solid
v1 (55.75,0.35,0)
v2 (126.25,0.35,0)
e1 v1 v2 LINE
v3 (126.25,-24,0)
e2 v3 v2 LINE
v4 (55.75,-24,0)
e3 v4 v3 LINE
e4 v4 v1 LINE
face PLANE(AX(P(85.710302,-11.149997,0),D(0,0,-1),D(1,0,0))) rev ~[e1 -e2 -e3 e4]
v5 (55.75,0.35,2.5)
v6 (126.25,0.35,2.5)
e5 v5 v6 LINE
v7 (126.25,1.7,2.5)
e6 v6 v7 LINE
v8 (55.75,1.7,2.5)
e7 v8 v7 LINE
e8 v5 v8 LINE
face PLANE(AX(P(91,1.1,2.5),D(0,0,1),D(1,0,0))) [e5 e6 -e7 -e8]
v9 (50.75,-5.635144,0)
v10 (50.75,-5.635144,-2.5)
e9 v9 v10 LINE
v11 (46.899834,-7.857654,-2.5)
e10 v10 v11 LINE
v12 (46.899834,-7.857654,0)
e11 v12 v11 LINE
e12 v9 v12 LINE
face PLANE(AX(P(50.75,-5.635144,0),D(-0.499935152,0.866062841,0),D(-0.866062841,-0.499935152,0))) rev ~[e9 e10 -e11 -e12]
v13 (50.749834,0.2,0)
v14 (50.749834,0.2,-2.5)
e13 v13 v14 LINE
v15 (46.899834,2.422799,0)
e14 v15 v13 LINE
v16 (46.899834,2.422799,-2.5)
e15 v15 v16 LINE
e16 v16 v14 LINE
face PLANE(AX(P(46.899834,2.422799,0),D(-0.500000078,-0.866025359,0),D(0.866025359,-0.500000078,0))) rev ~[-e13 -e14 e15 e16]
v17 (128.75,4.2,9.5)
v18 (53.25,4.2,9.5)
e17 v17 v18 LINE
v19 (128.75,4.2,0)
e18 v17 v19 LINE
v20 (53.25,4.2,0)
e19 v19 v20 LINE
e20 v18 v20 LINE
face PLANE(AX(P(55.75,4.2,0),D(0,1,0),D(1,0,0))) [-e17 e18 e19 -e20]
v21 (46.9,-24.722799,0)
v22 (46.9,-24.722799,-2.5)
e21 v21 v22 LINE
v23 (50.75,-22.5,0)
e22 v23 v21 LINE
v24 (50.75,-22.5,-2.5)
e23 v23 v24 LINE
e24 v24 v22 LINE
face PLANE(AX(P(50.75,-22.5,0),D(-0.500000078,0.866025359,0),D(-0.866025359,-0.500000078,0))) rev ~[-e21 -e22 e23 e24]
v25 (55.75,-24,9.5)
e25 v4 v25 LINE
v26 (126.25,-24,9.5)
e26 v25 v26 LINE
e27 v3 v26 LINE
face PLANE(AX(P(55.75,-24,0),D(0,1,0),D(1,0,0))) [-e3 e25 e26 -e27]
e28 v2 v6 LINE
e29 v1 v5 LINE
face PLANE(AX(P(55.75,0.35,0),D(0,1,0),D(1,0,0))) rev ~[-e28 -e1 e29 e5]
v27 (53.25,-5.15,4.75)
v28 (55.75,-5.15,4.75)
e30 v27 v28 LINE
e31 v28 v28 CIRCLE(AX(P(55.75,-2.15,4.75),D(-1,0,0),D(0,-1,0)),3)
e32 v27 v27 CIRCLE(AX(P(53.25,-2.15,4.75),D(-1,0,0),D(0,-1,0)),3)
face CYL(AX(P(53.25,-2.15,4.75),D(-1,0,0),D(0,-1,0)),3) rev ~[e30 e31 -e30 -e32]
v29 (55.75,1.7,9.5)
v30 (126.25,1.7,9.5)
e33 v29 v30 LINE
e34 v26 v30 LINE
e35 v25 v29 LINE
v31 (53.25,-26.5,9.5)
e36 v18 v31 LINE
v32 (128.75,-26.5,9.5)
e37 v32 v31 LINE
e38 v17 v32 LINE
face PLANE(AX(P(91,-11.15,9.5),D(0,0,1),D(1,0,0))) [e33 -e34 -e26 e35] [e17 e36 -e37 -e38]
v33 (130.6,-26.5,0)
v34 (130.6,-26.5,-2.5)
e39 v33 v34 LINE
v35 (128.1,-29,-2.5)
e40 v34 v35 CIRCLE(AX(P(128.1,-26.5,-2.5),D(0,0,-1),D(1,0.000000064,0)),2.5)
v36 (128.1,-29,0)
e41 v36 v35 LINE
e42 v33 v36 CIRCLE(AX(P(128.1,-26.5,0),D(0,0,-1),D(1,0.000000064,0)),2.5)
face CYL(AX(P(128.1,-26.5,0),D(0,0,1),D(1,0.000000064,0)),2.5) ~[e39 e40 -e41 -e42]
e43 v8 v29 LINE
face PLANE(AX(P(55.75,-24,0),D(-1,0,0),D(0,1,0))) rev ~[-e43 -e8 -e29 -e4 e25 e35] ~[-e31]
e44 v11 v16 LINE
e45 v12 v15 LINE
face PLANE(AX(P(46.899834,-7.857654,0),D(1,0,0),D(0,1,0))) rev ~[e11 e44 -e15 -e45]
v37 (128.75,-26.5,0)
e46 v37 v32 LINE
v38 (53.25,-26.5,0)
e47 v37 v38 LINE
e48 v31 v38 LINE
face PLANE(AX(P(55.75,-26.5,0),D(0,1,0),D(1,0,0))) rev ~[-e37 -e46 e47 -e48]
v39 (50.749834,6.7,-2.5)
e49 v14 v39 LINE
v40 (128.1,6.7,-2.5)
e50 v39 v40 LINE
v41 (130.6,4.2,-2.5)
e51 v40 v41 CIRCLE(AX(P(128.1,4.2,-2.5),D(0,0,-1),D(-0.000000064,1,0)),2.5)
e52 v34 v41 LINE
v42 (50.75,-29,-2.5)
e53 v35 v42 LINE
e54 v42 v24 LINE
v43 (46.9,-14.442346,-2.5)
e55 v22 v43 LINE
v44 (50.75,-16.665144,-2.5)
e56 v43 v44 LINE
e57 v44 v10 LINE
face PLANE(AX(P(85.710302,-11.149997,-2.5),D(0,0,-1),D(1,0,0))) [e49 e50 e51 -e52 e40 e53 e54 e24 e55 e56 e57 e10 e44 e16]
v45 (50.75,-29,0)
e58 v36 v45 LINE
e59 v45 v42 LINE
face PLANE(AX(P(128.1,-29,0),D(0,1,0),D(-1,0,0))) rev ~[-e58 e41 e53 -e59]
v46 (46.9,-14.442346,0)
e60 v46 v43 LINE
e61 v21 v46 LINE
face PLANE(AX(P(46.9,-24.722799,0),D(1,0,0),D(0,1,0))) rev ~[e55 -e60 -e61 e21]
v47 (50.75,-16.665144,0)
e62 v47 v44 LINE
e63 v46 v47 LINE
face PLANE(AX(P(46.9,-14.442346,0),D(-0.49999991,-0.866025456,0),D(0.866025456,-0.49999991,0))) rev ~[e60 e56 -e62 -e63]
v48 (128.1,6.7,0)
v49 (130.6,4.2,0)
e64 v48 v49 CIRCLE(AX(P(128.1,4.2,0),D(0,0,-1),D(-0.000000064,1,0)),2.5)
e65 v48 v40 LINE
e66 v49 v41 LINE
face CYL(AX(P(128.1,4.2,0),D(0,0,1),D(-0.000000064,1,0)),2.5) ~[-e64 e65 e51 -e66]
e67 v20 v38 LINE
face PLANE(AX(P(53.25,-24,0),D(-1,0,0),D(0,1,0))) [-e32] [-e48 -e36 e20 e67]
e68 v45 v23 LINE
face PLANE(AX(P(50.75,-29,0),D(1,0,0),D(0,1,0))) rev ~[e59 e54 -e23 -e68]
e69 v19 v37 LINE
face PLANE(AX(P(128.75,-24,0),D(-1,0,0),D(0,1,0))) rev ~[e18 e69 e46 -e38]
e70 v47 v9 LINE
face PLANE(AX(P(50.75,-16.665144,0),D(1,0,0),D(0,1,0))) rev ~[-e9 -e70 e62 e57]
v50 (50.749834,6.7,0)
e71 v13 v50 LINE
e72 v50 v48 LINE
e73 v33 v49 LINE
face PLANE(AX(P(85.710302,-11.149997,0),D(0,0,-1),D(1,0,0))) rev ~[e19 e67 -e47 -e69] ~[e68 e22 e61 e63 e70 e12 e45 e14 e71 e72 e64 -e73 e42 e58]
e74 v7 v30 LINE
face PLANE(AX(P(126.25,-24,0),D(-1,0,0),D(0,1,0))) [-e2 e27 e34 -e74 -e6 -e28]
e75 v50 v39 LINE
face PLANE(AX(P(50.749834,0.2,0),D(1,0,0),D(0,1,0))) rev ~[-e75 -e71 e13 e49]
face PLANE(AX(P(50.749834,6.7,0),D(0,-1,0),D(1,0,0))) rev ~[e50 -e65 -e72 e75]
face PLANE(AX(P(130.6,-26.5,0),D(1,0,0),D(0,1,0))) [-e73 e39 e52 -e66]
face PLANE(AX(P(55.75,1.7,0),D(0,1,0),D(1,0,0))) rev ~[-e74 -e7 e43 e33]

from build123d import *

# Parameters (mm, degrees)
SKETCH048_W     = 70.5
SKETCH048_H     = 25.7
PAD041_DEPTH    = 9.5
THICKNESS005_T  = 2.5
SKETCH049_R     = 3
POCKET011_DEPTH = 2.5
SKETCH050_W     = 70.5
SKETCH050_H     = 1.5
PAD042_DEPTH    = 2.5
PAD040_DEPTH    = 2.5


with BuildPart() as body014:
    # Sketch048 → Pad041 (new body)
    with BuildSketch(Plane.XY):
        with Locations((0, -48)):
            Rectangle(SKETCH048_W, SKETCH048_H)
    extrude(amount=PAD041_DEPTH)

    # Thickness005
    thickness005_openings = [body014.faces().sort_by_distance(p)[0] for p in [
        (0, -48, 9.5),
        (0, -48, 0),
    ]]
    offset(amount=THICKNESS005_T, openings=thickness005_openings, kind=Kind.INTERSECTION)

    # Sketch049 (on Face6 of Thickness005) → Pocket011 (cut)
    with BuildSketch(Plane(origin=(-37.75, 0, 0), x_dir=(0, -1, 0), z_dir=(-1, 0, 0))):
        with Locations((39, 4.75)):
            Circle(SKETCH049_R)
    extrude(amount=-POCKET011_DEPTH, mode=Mode.SUBTRACT)

    # Sketch050 → Pad042 (join)
    with BuildSketch(Plane.XY):
        with Locations((0, -35.75)):
            Rectangle(SKETCH050_W, SKETCH050_H)
    extrude(amount=PAD042_DEPTH)


with BuildPart() as body014_1:
    # Body014 placement: moved
    add(body014.part.moved(Location((84.5, 36.85, 0))))


with BuildPart() as tail:
    # Sketch047 → Pad040 (new body)
    with BuildSketch(Plane(origin=(0, 0, 0), x_dir=(1, 0, 0), z_dir=(0, 0, -1))):
        with BuildLine():
            Line((-40.250166, 30.15), (37.1, 30.15))
            ThreePointArc((37.1, 30.15), (38.867767, 30.882233), (39.6, 32.65))
            Line((39.6, 63.35), (39.6, 32.65))
            ThreePointArc((39.6, 63.35), (38.867767, 65.117767), (37.1, 65.85))
            Line((37.1, 65.85), (-40.25, 65.85))
            Line((-40.25, 65.85), (-40.25, 59.35))
            Line((-40.25, 59.35), (-44.1, 61.572799))
            Line((-44.1, 61.572799), (-44.1, 51.292346))
            Line((-44.1, 51.292346), (-40.25, 53.515144))
            Line((-40.25, 53.515144), (-40.25, 42.485144))
            Line((-40.25, 42.485144), (-44.100166, 44.707654))
            Line((-44.100166, 44.707654), (-44.100166, 34.427201))
            Line((-44.100166, 34.427201), (-40.250166, 36.65))
            Line((-40.250166, 36.65), (-40.250166, 30.15))
        make_face()
    extrude(amount=PAD040_DEPTH)


with BuildPart() as tail_1:
    # Body013 placement: moved
    add(tail.part.moved(Location((84.5, 36.85, 0))))

    # Fusion004: union Body014
    add(body014_1.part)


with BuildPart() as tail_2:
    # Fusion004 placement: moved
    add(tail_1.part.moved(Location((6.5, 0, 0))))


solid = tail_2.part
